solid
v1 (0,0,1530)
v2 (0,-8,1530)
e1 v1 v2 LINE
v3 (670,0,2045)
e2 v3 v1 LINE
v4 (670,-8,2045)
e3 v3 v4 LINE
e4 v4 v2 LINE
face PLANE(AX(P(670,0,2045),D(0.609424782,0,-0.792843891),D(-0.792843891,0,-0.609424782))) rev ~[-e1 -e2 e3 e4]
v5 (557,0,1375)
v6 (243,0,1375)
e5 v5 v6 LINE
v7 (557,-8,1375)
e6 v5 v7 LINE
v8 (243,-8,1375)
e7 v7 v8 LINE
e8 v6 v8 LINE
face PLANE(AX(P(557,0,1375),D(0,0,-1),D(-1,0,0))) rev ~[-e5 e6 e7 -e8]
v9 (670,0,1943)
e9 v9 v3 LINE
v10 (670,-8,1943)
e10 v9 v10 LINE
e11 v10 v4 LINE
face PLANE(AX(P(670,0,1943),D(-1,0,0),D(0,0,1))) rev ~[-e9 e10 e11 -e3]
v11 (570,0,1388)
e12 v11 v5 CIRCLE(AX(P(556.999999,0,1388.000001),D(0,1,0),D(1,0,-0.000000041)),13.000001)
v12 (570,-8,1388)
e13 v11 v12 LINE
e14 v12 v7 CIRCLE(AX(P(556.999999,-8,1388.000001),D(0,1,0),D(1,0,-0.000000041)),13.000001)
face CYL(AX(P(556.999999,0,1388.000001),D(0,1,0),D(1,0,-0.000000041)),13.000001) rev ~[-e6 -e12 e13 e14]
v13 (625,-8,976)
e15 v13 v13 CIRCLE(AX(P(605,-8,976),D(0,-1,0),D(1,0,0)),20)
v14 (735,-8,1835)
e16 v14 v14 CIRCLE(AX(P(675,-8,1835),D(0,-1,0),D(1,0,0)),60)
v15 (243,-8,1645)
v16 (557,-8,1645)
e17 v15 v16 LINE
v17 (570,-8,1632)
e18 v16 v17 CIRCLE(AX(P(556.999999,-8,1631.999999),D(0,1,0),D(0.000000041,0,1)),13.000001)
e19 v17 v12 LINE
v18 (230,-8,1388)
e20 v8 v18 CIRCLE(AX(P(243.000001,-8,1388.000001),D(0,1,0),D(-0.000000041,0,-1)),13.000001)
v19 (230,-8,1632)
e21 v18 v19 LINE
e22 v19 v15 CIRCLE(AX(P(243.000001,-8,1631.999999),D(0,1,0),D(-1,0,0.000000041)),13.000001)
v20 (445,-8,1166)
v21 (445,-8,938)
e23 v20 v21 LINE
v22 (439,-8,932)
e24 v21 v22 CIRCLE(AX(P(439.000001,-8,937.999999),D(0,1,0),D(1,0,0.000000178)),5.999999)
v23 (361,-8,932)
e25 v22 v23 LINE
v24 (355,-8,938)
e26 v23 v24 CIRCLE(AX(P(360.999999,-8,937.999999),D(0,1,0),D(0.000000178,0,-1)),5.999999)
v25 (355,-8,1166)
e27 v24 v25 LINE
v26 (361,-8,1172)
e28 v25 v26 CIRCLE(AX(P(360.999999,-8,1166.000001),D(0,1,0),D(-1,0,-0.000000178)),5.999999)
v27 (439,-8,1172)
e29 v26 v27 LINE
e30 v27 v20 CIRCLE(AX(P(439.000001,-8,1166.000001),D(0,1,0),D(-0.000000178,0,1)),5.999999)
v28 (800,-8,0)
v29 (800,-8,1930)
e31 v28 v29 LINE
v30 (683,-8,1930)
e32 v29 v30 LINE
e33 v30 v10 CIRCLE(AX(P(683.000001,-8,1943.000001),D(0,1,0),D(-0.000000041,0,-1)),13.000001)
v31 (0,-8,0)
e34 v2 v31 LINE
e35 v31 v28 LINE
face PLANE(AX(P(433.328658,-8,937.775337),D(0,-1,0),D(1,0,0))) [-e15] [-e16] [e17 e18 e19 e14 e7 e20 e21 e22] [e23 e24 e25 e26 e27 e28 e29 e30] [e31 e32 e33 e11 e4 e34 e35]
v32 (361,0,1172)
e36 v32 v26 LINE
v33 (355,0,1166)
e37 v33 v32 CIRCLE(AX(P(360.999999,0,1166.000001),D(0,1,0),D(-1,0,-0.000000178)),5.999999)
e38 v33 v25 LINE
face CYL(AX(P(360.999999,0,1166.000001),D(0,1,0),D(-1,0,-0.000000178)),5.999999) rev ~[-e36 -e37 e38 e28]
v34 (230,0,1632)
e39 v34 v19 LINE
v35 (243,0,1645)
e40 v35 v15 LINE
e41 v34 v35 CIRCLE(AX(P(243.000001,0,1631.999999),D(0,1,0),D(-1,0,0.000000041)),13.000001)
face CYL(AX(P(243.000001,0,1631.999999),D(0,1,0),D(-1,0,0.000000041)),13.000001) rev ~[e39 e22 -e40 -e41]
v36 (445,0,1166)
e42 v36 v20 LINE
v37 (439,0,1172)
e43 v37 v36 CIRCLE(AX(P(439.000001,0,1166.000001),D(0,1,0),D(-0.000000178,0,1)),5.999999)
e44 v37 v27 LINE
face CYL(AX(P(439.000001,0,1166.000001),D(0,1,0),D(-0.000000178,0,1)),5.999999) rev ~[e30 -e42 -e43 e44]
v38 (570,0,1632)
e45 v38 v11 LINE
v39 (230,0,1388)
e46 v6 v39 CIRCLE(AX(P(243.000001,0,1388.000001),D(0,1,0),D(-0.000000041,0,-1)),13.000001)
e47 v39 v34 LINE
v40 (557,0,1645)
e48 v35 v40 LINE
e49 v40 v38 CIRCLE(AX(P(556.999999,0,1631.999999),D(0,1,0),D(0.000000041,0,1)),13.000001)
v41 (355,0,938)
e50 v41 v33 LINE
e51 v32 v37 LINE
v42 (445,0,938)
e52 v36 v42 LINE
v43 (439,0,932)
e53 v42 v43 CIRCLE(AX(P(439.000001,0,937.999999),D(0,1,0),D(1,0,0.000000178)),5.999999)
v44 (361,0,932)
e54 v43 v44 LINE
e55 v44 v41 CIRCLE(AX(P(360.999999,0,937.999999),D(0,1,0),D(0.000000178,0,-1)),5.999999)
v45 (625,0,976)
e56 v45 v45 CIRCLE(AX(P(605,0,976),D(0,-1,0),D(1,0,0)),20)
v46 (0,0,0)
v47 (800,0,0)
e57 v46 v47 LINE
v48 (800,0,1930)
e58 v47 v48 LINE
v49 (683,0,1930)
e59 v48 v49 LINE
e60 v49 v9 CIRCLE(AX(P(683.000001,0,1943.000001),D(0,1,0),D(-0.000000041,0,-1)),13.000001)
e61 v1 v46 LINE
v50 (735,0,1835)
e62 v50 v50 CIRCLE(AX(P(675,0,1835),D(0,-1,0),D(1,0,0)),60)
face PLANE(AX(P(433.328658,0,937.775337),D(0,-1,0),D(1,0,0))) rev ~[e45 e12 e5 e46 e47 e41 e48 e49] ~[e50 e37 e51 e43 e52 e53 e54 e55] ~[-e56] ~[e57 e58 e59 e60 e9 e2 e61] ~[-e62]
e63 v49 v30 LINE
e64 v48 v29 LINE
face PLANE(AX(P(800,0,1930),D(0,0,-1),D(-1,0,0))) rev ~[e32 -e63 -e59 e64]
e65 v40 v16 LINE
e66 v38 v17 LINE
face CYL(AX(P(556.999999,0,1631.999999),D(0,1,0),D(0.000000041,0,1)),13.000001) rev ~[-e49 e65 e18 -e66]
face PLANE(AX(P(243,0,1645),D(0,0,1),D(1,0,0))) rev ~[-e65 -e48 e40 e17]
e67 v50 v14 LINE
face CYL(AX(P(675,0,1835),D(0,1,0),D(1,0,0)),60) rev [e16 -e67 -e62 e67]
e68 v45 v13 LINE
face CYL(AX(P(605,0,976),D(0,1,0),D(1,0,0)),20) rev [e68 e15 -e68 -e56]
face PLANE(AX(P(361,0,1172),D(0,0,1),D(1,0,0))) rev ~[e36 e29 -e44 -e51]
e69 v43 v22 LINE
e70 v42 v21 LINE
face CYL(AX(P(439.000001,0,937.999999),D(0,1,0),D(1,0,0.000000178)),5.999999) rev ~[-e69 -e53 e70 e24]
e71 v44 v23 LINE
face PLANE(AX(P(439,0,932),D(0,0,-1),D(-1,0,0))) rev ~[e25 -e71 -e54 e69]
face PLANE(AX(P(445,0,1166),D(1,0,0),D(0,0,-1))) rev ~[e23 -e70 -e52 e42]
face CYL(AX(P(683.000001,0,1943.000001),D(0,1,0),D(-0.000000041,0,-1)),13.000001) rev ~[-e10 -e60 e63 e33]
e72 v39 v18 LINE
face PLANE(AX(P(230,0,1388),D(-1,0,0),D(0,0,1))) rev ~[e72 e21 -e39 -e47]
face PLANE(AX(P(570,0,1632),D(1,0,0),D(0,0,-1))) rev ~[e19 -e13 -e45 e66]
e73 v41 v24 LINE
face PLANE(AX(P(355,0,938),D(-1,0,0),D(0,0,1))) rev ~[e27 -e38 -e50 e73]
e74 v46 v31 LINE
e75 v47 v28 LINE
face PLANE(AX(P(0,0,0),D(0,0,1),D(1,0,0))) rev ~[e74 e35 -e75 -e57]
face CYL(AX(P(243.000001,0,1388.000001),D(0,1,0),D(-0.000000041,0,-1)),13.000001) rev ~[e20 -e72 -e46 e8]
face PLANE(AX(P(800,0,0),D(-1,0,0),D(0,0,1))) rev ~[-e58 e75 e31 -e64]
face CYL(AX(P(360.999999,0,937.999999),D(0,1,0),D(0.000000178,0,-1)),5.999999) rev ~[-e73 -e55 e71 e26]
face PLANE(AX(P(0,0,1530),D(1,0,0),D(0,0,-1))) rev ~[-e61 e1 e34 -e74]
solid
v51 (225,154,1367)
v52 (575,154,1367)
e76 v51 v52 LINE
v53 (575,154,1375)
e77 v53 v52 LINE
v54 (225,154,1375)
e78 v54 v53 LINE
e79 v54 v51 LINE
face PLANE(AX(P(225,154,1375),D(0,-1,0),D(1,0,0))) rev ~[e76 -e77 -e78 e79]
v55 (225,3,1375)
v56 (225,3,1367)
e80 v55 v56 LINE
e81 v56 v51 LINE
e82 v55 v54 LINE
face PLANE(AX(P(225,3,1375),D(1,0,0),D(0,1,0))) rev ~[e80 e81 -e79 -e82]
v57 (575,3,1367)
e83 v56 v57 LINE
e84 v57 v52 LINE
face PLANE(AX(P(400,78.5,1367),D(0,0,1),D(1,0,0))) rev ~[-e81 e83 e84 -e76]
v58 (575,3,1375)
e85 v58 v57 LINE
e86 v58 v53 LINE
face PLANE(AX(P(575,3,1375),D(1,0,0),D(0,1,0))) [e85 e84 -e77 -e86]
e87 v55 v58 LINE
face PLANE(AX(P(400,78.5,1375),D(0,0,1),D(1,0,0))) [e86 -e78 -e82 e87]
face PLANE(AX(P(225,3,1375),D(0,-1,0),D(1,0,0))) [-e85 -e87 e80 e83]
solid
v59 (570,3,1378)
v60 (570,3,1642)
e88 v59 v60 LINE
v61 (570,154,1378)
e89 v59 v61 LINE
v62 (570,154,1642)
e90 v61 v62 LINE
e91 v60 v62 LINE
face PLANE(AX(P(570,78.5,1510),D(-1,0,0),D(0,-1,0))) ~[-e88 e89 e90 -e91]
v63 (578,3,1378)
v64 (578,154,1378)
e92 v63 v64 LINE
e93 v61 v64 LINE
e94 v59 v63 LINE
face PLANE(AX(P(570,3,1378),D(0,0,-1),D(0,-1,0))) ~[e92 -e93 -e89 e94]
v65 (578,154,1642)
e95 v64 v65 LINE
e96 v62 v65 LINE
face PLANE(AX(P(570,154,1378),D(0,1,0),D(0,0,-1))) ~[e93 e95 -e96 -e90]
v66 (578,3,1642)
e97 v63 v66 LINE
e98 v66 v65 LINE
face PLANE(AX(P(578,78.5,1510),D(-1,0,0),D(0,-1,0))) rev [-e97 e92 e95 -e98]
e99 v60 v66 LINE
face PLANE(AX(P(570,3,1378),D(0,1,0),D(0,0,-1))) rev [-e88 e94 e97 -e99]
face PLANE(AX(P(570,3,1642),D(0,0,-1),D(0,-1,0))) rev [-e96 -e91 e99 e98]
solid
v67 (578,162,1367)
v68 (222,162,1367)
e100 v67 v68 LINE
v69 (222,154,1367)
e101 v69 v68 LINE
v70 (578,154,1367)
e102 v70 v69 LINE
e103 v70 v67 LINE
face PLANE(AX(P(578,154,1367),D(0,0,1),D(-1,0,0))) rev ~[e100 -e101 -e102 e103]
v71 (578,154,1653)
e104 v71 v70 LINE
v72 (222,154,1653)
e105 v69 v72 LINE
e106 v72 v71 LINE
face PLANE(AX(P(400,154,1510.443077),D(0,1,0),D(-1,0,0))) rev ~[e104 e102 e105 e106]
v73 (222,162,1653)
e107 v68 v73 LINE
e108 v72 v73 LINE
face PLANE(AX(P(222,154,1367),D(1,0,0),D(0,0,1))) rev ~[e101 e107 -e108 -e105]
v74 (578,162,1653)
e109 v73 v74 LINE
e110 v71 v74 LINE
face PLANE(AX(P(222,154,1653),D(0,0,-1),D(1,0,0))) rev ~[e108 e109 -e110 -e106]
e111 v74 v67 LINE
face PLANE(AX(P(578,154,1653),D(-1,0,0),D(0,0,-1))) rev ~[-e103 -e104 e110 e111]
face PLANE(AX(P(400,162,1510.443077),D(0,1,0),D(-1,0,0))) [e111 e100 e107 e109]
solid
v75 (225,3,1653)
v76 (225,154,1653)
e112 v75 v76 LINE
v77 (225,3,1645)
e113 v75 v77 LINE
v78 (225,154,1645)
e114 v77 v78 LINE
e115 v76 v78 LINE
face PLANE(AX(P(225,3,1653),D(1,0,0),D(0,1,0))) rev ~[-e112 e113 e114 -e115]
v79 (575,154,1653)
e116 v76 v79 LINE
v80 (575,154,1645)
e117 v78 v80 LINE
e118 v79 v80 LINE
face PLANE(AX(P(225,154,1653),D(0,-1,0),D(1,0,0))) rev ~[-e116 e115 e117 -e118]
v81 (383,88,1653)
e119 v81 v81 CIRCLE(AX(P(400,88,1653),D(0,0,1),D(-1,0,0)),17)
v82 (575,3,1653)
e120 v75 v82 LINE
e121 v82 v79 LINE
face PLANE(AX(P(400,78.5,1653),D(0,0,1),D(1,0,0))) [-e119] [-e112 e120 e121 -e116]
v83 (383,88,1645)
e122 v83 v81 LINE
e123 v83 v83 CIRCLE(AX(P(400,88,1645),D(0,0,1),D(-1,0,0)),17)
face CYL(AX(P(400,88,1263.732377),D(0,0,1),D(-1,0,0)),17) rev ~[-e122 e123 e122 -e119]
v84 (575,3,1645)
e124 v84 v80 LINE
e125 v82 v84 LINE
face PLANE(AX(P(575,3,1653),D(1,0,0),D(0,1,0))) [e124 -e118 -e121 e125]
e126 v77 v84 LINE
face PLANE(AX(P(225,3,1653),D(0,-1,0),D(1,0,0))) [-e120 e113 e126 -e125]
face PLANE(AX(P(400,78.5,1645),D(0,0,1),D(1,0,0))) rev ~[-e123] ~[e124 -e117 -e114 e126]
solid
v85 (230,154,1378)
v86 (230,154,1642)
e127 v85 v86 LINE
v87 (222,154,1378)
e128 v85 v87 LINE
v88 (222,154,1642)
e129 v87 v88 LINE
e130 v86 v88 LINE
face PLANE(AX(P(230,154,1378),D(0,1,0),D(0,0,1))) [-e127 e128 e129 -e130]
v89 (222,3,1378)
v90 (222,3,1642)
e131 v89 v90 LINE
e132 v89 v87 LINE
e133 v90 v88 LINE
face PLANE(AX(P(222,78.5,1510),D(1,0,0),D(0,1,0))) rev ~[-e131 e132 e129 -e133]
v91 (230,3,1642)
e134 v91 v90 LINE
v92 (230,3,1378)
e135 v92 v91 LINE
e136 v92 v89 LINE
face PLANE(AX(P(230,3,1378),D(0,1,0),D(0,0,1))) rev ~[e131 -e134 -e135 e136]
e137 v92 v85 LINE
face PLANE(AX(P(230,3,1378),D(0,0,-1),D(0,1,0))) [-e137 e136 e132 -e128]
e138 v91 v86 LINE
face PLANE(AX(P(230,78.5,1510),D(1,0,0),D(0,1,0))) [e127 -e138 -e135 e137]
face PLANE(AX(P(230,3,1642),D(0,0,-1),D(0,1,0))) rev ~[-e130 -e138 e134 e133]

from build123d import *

# Parameters (mm, degrees)
F0_R      = 20
F0_R_2    = 60
F1_DEPTH  = 8
F2_W      = 350
F2_H      = 151
F3_DEPTH  = 8
F6_D      = 34
F7_W      = 151
F7_H      = 264
F8_DEPTH  = 8
F11_W     = 350
F11_H     = 8
F12_DEPTH = 8


with BuildPart() as f1:
    # F0 (on Front) → F1 (new body)
    with BuildSketch(Plane.XZ):
        with BuildLine():
            Line((0, 1530), (0, 0))
            Line((0, 0), (800, 0))
            Line((800, 0), (800, 1930))
            Line((800, 1930), (683, 1930))
            ThreePointArc((683, 1930), (673.807612, 1933.807612), (670, 1943))
            Line((670, 1943), (670, 2045))
            Line((670, 2045), (0, 1530))
        make_face()
        with Locations((605, 976)):
            Circle(F0_R, mode=Mode.SUBTRACT)
        with BuildLine():
            ThreePointArc((230, 1632), (233.807612, 1641.192388), (243, 1645))
            Line((243, 1645), (557, 1645))
            ThreePointArc((557, 1645), (566.192388, 1641.192388), (570, 1632))
            Line((570, 1632), (570, 1388))
            ThreePointArc((570, 1388), (566.192388, 1378.807612), (557, 1375))
            Line((557, 1375), (243, 1375))
            ThreePointArc((243, 1375), (233.807612, 1378.807612), (230, 1388))
            Line((230, 1388), (230, 1632))
        make_face(mode=Mode.SUBTRACT)
        with BuildLine():
            ThreePointArc((355, 1166), (356.757359, 1170.242641), (361, 1172))
            Line((361, 1172), (439, 1172))
            ThreePointArc((439, 1172), (443.242641, 1170.242641), (445, 1166))
            Line((445, 1166), (445, 938))
            ThreePointArc((445, 938), (443.242641, 933.757359), (439, 932))
            Line((439, 932), (361, 932))
            ThreePointArc((361, 932), (356.757359, 933.757359), (355, 938))
            Line((355, 938), (355, 1166))
        make_face(mode=Mode.SUBTRACT)
        with Locations((675, 1835)):
            Circle(F0_R_2, mode=Mode.SUBTRACT)
    extrude(amount=F1_DEPTH)


with BuildPart() as f3:
    # F2 (on face) → F3 (new body)
    with BuildSketch(Plane.XY.offset(1375)):
        with Locations((400, 78.5)):
            Rectangle(F2_W, F2_H)
    extrude(amount=-F3_DEPTH)


with BuildPart() as f4_1:
    # F4: copy of F3
    add(f3.part.moved(Location((0, 0, 278))))

    # F6 (through all)
    with Locations(Plane(origin=(0, 0, 1645), x_dir=(1, 0, 0), z_dir=(0, 0, -1))):
        with Locations((400, -88)):
            Hole(F6_D / 2)


with BuildPart() as f8:
    # F7 (on face) → F8 (new body)
    with BuildSketch(Plane.YZ.offset(230)):
        with Locations((78.5, 1510)):
            Rectangle(F7_W, F7_H)
    extrude(amount=-F8_DEPTH)


with BuildPart() as f10_1:
    # F10: instance of F8
    add(f8.part.mirror(Plane(origin=(400, -4, 1510), x_dir=(0, 1, 0), z_dir=(1, 0, 0))))


with BuildPart() as f12:
    # F11 (on face) → F12 (new body)
    with BuildSketch(Plane(origin=(0, 154, 0), x_dir=(-1, 0, 0), z_dir=(0, 1, 0))):
        Polygon((-222, 1653), (-578, 1653), (-578, 1367), (-575, 1367), (-575, 1375), (-225, 1375), (-225, 1367), (-222, 1367), align=None)
        with Locations((-400, 1371)):
            Rectangle(F11_W, F11_H)
    extrude(amount=F12_DEPTH)


solid = Compound([f1.part, f3.part, f4_1.part, f8.part, f10_1.part, f12.part])
